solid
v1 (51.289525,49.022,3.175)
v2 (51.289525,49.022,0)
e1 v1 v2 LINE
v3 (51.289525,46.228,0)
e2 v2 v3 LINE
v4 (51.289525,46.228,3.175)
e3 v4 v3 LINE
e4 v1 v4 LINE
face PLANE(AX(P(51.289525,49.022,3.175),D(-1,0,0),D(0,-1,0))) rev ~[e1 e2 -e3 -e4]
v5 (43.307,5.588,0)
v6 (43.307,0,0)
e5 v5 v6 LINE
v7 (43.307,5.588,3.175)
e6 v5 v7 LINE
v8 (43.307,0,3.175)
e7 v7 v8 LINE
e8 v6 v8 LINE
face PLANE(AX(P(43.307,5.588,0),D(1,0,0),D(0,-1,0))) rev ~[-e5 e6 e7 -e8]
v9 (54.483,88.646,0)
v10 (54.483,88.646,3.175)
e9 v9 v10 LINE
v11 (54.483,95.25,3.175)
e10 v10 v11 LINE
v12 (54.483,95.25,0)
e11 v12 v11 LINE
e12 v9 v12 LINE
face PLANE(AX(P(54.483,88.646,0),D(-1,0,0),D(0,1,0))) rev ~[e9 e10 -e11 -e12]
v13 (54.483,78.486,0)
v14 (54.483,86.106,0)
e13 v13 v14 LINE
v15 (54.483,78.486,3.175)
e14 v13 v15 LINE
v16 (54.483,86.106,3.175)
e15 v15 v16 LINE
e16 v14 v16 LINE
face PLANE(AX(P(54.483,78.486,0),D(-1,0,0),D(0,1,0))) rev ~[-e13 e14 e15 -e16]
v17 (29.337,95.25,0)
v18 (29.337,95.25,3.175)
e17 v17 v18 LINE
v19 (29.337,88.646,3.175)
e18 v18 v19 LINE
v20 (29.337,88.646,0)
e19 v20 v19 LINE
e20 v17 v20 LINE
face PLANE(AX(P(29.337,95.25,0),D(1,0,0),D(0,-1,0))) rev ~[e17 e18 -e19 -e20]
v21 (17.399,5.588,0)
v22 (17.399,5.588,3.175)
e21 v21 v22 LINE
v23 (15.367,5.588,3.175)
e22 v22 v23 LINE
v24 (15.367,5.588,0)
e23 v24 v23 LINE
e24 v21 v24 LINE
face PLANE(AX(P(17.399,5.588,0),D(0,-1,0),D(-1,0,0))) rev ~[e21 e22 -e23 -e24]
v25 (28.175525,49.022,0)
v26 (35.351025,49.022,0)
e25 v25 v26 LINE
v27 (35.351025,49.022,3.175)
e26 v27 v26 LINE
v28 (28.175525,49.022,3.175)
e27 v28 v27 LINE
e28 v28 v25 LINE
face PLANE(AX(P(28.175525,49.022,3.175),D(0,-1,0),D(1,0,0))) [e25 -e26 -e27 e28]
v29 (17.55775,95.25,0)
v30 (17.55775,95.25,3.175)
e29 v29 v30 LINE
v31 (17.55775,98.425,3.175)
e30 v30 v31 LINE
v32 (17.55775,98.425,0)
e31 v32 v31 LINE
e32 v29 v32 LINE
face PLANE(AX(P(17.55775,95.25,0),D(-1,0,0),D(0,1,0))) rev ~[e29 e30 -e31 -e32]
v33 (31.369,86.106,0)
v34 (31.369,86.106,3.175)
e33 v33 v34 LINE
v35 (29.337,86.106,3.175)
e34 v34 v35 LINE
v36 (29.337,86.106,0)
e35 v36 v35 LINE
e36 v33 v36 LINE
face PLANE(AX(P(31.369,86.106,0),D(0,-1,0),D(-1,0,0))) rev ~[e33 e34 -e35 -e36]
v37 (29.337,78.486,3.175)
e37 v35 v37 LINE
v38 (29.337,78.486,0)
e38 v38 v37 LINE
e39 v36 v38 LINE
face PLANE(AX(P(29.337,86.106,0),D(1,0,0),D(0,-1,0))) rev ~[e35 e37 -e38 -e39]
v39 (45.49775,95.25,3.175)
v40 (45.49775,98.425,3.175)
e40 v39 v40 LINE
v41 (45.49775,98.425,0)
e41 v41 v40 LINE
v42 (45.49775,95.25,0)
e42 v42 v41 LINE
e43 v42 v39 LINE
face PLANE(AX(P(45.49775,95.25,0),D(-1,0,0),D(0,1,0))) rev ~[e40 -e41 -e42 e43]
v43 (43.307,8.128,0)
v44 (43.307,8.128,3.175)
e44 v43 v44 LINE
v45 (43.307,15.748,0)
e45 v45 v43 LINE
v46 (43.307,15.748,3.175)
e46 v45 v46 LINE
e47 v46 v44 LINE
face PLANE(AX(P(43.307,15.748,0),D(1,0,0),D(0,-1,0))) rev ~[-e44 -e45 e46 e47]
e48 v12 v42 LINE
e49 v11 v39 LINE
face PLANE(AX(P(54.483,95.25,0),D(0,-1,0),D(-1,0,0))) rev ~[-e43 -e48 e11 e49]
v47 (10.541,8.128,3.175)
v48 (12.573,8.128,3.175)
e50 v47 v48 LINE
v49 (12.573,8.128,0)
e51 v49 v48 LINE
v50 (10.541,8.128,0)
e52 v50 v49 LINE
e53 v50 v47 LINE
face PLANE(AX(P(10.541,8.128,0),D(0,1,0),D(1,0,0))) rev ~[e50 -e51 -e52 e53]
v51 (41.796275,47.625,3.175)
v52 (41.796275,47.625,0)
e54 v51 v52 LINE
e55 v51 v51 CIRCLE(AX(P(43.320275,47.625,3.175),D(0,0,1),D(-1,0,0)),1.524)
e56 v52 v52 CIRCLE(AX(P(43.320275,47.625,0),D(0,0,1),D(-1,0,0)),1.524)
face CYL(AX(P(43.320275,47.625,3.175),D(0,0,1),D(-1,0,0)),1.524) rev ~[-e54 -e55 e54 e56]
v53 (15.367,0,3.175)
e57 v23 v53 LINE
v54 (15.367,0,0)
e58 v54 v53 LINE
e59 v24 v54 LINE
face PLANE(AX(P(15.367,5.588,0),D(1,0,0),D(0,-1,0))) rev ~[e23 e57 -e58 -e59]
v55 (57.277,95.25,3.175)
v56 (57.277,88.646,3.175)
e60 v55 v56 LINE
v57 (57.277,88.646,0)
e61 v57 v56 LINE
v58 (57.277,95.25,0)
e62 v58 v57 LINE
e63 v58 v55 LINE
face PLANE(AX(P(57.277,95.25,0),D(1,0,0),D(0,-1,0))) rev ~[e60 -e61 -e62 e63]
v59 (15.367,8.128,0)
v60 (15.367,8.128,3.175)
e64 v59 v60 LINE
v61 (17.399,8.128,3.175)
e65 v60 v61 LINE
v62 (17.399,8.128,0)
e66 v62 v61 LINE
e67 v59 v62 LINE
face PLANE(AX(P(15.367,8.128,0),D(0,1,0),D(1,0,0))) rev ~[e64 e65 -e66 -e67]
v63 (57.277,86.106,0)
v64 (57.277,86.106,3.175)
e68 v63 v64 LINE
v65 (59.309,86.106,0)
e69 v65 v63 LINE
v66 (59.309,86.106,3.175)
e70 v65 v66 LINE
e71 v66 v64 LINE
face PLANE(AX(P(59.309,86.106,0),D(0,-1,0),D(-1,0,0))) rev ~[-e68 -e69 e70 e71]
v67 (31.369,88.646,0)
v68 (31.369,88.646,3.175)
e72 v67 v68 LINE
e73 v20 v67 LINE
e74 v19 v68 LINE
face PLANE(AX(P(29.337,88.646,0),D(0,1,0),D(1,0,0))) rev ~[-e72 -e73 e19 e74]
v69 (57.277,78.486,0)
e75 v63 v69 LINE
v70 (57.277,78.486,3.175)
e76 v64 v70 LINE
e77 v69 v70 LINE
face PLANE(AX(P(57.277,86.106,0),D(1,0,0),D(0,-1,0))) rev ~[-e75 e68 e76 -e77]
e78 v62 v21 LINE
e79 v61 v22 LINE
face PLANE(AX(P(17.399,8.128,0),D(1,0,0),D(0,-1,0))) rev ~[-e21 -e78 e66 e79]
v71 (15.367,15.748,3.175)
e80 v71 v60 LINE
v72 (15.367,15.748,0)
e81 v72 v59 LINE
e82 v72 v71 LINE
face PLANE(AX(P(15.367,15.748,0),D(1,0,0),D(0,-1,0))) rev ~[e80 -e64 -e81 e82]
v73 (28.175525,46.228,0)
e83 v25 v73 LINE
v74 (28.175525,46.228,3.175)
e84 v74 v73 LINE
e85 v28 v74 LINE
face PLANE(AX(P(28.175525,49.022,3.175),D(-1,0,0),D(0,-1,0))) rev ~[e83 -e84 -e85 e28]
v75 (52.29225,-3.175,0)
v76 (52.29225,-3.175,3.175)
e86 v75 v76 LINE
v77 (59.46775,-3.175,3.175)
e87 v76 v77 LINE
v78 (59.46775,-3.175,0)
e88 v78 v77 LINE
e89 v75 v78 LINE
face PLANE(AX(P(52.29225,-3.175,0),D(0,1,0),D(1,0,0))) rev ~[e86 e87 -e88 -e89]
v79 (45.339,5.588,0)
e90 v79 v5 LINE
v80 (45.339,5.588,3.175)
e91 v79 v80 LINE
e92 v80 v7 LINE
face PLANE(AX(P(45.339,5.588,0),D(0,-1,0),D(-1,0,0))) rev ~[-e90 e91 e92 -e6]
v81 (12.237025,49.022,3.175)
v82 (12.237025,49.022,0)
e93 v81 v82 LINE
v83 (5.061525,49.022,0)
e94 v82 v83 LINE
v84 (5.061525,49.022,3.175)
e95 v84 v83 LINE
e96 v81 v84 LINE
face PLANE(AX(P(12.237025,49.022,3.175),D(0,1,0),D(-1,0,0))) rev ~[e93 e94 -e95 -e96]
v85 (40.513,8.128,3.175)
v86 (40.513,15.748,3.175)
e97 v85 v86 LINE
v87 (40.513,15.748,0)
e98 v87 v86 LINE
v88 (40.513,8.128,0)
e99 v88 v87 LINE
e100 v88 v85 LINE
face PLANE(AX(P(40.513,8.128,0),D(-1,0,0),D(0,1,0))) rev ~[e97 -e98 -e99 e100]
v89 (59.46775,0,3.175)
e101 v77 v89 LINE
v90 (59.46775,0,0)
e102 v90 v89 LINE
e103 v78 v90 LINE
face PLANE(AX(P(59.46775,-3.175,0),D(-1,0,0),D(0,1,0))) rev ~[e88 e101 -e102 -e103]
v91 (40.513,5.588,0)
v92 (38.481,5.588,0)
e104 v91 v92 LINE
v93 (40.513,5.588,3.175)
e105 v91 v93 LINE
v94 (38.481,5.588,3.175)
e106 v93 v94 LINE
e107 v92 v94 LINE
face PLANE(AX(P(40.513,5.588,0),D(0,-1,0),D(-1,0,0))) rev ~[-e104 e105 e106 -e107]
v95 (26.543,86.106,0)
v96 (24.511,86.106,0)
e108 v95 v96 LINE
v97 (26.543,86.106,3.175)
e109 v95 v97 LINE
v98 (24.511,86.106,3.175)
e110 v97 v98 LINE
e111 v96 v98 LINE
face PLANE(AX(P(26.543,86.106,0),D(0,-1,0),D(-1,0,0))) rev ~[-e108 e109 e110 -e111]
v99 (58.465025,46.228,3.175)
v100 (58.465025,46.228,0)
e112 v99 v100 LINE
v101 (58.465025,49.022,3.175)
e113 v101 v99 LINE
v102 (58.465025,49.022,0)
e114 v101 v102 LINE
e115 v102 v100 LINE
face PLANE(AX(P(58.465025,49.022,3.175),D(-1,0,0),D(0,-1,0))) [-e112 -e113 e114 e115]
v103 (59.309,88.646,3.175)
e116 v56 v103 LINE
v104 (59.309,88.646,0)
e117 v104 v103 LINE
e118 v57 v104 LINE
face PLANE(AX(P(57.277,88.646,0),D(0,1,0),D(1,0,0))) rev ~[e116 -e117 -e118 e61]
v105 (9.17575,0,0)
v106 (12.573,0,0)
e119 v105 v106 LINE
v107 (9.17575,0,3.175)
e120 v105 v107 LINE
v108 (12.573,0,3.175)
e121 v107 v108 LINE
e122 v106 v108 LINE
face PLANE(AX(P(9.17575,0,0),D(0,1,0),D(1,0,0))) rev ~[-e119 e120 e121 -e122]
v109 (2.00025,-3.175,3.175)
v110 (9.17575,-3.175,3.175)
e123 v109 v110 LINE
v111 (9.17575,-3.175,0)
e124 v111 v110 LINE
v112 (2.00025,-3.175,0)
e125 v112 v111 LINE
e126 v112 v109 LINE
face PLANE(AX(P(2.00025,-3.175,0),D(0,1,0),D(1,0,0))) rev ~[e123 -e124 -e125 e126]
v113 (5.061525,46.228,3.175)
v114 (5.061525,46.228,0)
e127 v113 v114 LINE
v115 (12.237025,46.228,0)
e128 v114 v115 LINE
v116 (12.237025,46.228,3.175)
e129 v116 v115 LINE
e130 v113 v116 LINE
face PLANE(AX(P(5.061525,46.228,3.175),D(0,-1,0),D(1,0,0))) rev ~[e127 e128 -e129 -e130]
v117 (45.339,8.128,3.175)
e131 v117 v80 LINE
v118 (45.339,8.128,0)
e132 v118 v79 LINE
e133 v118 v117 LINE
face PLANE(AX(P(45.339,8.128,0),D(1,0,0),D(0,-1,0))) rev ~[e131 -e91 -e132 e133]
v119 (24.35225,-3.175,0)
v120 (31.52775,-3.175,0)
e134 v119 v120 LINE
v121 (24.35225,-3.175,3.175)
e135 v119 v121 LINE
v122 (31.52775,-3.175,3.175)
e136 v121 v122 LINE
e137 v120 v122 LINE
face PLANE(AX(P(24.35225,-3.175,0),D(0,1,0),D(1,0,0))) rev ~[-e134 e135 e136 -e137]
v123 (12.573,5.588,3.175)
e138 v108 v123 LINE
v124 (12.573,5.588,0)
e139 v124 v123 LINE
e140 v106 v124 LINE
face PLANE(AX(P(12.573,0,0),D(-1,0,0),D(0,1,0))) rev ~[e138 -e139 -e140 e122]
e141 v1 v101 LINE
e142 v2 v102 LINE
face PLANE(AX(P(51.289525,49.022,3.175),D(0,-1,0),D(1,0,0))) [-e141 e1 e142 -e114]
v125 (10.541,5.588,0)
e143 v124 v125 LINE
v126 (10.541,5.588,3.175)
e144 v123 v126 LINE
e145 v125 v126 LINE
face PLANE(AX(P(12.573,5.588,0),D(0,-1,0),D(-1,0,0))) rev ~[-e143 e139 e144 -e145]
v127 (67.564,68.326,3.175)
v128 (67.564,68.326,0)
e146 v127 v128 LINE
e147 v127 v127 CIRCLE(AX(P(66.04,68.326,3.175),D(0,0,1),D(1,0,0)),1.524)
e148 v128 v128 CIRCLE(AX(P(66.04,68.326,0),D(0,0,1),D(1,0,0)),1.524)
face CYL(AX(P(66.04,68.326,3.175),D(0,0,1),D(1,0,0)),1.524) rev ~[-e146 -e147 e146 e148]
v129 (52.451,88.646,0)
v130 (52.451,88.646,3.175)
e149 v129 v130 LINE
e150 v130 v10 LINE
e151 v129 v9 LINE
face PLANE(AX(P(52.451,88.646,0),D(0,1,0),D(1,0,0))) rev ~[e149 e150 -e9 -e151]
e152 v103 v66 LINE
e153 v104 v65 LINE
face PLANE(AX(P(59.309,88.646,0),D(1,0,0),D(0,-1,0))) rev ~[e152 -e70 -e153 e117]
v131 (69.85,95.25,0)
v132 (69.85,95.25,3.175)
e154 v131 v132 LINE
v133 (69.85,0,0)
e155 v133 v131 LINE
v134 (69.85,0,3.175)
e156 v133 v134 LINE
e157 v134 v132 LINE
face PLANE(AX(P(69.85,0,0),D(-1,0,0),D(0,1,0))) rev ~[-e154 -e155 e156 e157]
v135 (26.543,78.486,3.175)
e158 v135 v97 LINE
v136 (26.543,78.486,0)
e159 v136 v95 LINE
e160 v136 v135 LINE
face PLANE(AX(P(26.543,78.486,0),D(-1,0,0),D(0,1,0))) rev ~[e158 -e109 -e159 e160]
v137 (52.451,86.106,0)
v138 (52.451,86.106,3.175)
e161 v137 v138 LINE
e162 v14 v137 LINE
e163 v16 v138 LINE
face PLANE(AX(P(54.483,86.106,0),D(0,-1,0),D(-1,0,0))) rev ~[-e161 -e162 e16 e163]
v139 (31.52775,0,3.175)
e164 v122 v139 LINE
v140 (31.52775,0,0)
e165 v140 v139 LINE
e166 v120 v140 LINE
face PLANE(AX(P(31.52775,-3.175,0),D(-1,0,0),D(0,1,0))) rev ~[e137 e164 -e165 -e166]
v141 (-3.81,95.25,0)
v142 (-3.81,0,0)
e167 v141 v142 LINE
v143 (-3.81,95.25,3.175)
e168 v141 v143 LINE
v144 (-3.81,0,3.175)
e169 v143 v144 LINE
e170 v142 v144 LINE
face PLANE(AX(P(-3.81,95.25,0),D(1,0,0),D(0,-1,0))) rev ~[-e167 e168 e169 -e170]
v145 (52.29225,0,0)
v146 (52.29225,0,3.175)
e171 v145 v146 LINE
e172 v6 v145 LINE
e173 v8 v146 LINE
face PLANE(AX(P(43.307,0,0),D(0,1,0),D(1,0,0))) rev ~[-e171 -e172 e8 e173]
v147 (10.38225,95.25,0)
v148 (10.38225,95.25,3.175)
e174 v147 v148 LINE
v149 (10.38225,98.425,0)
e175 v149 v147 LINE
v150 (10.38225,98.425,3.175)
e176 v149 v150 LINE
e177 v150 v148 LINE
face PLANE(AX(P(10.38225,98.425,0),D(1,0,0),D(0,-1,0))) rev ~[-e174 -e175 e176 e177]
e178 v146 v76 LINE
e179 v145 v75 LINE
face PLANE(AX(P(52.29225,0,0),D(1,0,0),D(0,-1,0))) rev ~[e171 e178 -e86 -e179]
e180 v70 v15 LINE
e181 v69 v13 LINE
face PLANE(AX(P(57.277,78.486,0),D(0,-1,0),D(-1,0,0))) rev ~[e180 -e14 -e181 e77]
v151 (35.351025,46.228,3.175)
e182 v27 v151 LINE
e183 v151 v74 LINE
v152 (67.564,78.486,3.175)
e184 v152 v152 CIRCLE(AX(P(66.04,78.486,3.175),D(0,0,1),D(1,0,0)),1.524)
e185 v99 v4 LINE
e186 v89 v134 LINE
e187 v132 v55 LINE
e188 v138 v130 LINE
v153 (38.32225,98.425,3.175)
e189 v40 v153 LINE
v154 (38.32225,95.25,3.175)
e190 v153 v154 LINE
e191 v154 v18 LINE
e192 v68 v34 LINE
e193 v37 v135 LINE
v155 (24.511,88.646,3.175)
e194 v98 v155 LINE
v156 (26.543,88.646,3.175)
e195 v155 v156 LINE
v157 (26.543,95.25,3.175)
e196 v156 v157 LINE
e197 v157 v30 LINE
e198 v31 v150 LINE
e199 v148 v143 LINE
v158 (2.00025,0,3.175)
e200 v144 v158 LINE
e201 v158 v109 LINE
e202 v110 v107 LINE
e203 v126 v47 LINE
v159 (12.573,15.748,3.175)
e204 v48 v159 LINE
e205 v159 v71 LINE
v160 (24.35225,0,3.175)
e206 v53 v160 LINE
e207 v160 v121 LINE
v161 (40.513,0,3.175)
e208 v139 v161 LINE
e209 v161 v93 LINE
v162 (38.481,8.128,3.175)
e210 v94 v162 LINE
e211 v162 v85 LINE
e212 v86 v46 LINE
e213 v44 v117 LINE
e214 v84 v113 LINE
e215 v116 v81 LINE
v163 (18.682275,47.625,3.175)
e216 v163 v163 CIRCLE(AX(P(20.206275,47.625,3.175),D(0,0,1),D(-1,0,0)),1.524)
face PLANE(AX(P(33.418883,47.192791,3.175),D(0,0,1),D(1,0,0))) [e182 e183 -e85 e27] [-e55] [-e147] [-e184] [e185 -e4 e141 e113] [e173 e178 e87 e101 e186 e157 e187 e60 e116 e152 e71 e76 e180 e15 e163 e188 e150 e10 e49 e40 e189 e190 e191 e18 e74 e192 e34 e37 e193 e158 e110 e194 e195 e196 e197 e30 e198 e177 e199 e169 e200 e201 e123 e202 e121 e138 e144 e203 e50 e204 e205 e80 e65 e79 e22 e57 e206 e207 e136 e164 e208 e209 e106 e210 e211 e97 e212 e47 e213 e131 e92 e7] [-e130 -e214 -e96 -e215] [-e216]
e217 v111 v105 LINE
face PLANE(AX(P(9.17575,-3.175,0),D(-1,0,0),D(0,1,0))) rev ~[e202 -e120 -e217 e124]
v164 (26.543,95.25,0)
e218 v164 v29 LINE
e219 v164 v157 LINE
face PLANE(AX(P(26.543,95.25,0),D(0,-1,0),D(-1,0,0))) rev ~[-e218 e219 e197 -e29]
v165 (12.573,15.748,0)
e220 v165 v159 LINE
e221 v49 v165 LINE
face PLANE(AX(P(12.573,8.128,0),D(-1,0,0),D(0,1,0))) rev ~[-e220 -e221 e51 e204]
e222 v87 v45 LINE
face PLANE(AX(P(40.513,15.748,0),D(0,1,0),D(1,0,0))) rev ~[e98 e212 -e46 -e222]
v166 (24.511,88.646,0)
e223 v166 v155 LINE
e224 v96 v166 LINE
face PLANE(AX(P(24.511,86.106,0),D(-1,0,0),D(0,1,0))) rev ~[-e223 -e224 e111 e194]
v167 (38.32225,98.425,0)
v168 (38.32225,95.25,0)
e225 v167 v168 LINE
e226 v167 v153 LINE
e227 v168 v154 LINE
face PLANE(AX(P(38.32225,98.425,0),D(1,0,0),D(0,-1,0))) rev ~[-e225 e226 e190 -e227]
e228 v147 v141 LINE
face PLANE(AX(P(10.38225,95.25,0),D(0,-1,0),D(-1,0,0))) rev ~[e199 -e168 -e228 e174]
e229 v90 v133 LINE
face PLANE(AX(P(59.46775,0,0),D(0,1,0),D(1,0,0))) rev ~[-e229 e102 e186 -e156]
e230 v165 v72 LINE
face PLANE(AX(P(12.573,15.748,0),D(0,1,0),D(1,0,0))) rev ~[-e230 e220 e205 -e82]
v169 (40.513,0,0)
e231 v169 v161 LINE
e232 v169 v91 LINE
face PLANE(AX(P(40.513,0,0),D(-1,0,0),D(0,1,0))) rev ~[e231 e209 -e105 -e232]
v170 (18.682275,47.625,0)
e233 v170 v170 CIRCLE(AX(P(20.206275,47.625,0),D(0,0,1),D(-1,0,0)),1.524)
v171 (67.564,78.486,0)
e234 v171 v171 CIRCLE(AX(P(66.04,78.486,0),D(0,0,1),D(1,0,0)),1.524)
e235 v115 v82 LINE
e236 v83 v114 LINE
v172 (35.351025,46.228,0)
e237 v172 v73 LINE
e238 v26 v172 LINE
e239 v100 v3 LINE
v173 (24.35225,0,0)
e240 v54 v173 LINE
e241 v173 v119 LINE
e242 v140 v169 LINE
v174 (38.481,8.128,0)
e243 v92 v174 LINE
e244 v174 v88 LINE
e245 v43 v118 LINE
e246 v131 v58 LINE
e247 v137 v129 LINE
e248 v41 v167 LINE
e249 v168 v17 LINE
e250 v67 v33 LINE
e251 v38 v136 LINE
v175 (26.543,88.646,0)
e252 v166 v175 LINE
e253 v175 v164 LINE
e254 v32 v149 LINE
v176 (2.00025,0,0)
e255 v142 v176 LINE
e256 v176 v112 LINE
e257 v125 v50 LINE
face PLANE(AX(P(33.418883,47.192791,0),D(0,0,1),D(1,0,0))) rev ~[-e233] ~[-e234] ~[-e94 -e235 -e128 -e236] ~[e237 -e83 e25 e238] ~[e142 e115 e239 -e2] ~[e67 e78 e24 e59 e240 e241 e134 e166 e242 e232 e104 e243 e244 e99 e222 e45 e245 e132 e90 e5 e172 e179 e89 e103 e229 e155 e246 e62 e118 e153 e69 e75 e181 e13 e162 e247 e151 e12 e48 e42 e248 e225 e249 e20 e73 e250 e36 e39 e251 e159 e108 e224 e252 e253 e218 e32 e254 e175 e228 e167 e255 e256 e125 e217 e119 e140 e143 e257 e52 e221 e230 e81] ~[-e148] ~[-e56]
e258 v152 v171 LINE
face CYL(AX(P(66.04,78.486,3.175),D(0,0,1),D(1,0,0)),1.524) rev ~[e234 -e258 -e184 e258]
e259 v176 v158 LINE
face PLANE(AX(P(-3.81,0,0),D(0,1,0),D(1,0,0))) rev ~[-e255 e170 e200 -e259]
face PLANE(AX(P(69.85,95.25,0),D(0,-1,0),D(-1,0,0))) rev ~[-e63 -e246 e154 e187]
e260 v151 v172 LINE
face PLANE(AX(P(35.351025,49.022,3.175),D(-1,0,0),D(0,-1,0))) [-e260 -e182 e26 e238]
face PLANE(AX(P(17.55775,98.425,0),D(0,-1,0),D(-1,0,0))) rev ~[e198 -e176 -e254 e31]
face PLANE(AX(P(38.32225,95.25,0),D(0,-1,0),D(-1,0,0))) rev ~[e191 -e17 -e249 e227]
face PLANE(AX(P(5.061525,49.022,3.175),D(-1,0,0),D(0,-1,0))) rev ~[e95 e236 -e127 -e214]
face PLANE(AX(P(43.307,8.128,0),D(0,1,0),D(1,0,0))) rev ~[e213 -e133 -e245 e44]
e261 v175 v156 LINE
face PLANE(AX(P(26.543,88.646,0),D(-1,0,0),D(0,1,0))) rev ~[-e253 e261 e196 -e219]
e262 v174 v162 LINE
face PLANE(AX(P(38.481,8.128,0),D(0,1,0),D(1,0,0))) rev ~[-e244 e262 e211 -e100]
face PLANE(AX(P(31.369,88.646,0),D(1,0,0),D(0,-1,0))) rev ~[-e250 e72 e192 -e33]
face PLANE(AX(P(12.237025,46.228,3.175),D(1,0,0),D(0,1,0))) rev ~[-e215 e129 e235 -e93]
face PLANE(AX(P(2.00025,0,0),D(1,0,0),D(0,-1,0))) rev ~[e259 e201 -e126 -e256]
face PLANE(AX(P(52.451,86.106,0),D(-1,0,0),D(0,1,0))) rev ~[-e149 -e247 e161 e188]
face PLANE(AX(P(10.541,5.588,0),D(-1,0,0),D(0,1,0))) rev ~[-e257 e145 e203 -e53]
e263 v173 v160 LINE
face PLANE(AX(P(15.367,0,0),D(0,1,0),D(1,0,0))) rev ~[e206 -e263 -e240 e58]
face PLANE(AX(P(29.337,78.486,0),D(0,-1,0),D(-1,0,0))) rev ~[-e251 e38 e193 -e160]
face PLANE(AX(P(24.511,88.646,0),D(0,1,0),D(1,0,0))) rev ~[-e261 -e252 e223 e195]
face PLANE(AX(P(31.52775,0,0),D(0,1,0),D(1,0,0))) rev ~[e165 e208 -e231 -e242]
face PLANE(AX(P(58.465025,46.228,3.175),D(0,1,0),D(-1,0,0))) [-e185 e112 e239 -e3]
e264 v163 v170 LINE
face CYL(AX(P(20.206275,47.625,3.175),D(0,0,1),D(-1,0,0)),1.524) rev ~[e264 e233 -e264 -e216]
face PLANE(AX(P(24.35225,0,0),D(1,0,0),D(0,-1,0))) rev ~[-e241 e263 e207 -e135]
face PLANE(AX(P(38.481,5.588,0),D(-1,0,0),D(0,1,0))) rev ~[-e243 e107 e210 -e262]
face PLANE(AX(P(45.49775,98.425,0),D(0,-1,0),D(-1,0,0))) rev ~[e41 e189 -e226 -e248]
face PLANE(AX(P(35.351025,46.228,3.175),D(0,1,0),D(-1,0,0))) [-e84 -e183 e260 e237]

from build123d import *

# Parameters (mm, degrees)
BOSS_EXTRUDE1_DEPTH = 3.175
SKETCH4_R           = 1.524
CUT_EXTRUDE1_DEPTH  = 4.175
CUT_EXTRUDE2_DEPTH  = 4.175


with BuildPart() as part:
    # Sketch1 → Boss-Extrude1 (new body)
    with BuildSketch(Plane.XY):
        Polygon((-3.81, 95.25), (-3.81, 0), (2.00025, 0), (2.00025, -3.175), (9.17575, -3.175), (9.17575, 0), (12.573, 0), (12.573, 5.588), (10.541, 5.588), (10.541, 8.128), (12.573, 8.128), (12.573, 15.748), (15.367, 15.748), (15.367, 8.128), (17.399, 8.128), (17.399, 5.588), (15.367, 5.588), (15.367, 0), (24.35225, 0), (24.35225, -3.175), (31.52775, -3.175), (31.52775, 0), (40.513, 0), (40.513, 5.588), (38.481, 5.588), (38.481, 8.128), (40.513, 8.128), (40.513, 15.748), (43.307, 15.748), (43.307, 8.128), (45.339, 8.128), (45.339, 5.588), (43.307, 5.588), (43.307, 0), (52.29225, 0), (52.29225, -3.175), (59.46775, -3.175), (59.46775, 0), (69.85, 0), (69.85, 95.25), (57.277, 95.25), (57.277, 88.646), (59.309, 88.646), (59.309, 86.106), (57.277, 86.106), (57.277, 78.486), (54.483, 78.486), (54.483, 86.106), (52.451, 86.106), (52.451, 88.646), (54.483, 88.646), (54.483, 95.25), (45.49775, 95.25), (45.49775, 98.425), (38.32225, 98.425), (38.32225, 95.25), (29.337, 95.25), (29.337, 88.646), (31.369, 88.646), (31.369, 86.106), (29.337, 86.106), (29.337, 78.486), (26.543, 78.486), (26.543, 86.106), (24.511, 86.106), (24.511, 88.646), (26.543, 88.646), (26.543, 95.25), (17.55775, 95.25), (17.55775, 98.425), (10.38225, 98.425), (10.38225, 95.25), align=None)
    extrude(amount=BOSS_EXTRUDE1_DEPTH)

    # Sketch4 → Cut-Extrude1 (cut, through all)
    with BuildSketch(Plane.XY.offset(3.175)):
        with Locations((66.04, 68.326)):
            Circle(SKETCH4_R)
        with Locations((66.04, 78.486)):
            Circle(SKETCH4_R)
    extrude(amount=-CUT_EXTRUDE1_DEPTH, mode=Mode.SUBTRACT)

    # Sketch5 → Cut-Extrude2 (cut, through all)
    with BuildSketch(Plane.XY.offset(3.175)):
        Polygon((12.237024548, 46.228), (12.237024548, 49.022), (5.061524548, 49.022), (5.061524548, 47.625), (5.061524548, 46.228), align=None)
        with BuildLine():
            ThreePointArc((21.730274548, 47.625), (20.206274548, 49.149), (18.682274548, 47.625))
            Line((18.682274548, 47.625), (20.206274548, 47.625))
            Line((20.206274548, 47.625), (21.730274548, 47.625))
        make_face()
        with BuildLine():
            Line((20.206274548, 47.625), (18.682274548, 47.625))
            ThreePointArc((18.682274548, 47.625), (20.206274548, 46.101), (21.730274548, 47.625))
            Line((21.730274548, 47.625), (20.206274548, 47.625))
        make_face()
        Polygon((28.175524548, 46.228), (28.175524548, 47.625), (28.175524548, 49.022), (35.351024548, 49.022), (35.351024548, 46.228), align=None)
        with BuildLine():
            ThreePointArc((44.844274548, 47.625), (43.320274548, 49.149), (41.796274548, 47.625))
            Line((41.796274548, 47.625), (43.320274548, 47.625))
            Line((43.320274548, 47.625), (44.844274548, 47.625))
        make_face()
        with BuildLine():
            Line((43.320274548, 47.625), (41.796274548, 47.625))
            ThreePointArc((41.796274548, 47.625), (43.320274548, 46.101), (44.844274548, 47.625))
            Line((44.844274548, 47.625), (43.320274548, 47.625))
        make_face()
        Polygon((51.289524548, 46.228), (51.289524548, 47.625), (51.289524548, 49.022), (58.465024548, 49.022), (58.465024548, 46.228), align=None)
    extrude(amount=-CUT_EXTRUDE2_DEPTH, mode=Mode.SUBTRACT)


solid = part.part
